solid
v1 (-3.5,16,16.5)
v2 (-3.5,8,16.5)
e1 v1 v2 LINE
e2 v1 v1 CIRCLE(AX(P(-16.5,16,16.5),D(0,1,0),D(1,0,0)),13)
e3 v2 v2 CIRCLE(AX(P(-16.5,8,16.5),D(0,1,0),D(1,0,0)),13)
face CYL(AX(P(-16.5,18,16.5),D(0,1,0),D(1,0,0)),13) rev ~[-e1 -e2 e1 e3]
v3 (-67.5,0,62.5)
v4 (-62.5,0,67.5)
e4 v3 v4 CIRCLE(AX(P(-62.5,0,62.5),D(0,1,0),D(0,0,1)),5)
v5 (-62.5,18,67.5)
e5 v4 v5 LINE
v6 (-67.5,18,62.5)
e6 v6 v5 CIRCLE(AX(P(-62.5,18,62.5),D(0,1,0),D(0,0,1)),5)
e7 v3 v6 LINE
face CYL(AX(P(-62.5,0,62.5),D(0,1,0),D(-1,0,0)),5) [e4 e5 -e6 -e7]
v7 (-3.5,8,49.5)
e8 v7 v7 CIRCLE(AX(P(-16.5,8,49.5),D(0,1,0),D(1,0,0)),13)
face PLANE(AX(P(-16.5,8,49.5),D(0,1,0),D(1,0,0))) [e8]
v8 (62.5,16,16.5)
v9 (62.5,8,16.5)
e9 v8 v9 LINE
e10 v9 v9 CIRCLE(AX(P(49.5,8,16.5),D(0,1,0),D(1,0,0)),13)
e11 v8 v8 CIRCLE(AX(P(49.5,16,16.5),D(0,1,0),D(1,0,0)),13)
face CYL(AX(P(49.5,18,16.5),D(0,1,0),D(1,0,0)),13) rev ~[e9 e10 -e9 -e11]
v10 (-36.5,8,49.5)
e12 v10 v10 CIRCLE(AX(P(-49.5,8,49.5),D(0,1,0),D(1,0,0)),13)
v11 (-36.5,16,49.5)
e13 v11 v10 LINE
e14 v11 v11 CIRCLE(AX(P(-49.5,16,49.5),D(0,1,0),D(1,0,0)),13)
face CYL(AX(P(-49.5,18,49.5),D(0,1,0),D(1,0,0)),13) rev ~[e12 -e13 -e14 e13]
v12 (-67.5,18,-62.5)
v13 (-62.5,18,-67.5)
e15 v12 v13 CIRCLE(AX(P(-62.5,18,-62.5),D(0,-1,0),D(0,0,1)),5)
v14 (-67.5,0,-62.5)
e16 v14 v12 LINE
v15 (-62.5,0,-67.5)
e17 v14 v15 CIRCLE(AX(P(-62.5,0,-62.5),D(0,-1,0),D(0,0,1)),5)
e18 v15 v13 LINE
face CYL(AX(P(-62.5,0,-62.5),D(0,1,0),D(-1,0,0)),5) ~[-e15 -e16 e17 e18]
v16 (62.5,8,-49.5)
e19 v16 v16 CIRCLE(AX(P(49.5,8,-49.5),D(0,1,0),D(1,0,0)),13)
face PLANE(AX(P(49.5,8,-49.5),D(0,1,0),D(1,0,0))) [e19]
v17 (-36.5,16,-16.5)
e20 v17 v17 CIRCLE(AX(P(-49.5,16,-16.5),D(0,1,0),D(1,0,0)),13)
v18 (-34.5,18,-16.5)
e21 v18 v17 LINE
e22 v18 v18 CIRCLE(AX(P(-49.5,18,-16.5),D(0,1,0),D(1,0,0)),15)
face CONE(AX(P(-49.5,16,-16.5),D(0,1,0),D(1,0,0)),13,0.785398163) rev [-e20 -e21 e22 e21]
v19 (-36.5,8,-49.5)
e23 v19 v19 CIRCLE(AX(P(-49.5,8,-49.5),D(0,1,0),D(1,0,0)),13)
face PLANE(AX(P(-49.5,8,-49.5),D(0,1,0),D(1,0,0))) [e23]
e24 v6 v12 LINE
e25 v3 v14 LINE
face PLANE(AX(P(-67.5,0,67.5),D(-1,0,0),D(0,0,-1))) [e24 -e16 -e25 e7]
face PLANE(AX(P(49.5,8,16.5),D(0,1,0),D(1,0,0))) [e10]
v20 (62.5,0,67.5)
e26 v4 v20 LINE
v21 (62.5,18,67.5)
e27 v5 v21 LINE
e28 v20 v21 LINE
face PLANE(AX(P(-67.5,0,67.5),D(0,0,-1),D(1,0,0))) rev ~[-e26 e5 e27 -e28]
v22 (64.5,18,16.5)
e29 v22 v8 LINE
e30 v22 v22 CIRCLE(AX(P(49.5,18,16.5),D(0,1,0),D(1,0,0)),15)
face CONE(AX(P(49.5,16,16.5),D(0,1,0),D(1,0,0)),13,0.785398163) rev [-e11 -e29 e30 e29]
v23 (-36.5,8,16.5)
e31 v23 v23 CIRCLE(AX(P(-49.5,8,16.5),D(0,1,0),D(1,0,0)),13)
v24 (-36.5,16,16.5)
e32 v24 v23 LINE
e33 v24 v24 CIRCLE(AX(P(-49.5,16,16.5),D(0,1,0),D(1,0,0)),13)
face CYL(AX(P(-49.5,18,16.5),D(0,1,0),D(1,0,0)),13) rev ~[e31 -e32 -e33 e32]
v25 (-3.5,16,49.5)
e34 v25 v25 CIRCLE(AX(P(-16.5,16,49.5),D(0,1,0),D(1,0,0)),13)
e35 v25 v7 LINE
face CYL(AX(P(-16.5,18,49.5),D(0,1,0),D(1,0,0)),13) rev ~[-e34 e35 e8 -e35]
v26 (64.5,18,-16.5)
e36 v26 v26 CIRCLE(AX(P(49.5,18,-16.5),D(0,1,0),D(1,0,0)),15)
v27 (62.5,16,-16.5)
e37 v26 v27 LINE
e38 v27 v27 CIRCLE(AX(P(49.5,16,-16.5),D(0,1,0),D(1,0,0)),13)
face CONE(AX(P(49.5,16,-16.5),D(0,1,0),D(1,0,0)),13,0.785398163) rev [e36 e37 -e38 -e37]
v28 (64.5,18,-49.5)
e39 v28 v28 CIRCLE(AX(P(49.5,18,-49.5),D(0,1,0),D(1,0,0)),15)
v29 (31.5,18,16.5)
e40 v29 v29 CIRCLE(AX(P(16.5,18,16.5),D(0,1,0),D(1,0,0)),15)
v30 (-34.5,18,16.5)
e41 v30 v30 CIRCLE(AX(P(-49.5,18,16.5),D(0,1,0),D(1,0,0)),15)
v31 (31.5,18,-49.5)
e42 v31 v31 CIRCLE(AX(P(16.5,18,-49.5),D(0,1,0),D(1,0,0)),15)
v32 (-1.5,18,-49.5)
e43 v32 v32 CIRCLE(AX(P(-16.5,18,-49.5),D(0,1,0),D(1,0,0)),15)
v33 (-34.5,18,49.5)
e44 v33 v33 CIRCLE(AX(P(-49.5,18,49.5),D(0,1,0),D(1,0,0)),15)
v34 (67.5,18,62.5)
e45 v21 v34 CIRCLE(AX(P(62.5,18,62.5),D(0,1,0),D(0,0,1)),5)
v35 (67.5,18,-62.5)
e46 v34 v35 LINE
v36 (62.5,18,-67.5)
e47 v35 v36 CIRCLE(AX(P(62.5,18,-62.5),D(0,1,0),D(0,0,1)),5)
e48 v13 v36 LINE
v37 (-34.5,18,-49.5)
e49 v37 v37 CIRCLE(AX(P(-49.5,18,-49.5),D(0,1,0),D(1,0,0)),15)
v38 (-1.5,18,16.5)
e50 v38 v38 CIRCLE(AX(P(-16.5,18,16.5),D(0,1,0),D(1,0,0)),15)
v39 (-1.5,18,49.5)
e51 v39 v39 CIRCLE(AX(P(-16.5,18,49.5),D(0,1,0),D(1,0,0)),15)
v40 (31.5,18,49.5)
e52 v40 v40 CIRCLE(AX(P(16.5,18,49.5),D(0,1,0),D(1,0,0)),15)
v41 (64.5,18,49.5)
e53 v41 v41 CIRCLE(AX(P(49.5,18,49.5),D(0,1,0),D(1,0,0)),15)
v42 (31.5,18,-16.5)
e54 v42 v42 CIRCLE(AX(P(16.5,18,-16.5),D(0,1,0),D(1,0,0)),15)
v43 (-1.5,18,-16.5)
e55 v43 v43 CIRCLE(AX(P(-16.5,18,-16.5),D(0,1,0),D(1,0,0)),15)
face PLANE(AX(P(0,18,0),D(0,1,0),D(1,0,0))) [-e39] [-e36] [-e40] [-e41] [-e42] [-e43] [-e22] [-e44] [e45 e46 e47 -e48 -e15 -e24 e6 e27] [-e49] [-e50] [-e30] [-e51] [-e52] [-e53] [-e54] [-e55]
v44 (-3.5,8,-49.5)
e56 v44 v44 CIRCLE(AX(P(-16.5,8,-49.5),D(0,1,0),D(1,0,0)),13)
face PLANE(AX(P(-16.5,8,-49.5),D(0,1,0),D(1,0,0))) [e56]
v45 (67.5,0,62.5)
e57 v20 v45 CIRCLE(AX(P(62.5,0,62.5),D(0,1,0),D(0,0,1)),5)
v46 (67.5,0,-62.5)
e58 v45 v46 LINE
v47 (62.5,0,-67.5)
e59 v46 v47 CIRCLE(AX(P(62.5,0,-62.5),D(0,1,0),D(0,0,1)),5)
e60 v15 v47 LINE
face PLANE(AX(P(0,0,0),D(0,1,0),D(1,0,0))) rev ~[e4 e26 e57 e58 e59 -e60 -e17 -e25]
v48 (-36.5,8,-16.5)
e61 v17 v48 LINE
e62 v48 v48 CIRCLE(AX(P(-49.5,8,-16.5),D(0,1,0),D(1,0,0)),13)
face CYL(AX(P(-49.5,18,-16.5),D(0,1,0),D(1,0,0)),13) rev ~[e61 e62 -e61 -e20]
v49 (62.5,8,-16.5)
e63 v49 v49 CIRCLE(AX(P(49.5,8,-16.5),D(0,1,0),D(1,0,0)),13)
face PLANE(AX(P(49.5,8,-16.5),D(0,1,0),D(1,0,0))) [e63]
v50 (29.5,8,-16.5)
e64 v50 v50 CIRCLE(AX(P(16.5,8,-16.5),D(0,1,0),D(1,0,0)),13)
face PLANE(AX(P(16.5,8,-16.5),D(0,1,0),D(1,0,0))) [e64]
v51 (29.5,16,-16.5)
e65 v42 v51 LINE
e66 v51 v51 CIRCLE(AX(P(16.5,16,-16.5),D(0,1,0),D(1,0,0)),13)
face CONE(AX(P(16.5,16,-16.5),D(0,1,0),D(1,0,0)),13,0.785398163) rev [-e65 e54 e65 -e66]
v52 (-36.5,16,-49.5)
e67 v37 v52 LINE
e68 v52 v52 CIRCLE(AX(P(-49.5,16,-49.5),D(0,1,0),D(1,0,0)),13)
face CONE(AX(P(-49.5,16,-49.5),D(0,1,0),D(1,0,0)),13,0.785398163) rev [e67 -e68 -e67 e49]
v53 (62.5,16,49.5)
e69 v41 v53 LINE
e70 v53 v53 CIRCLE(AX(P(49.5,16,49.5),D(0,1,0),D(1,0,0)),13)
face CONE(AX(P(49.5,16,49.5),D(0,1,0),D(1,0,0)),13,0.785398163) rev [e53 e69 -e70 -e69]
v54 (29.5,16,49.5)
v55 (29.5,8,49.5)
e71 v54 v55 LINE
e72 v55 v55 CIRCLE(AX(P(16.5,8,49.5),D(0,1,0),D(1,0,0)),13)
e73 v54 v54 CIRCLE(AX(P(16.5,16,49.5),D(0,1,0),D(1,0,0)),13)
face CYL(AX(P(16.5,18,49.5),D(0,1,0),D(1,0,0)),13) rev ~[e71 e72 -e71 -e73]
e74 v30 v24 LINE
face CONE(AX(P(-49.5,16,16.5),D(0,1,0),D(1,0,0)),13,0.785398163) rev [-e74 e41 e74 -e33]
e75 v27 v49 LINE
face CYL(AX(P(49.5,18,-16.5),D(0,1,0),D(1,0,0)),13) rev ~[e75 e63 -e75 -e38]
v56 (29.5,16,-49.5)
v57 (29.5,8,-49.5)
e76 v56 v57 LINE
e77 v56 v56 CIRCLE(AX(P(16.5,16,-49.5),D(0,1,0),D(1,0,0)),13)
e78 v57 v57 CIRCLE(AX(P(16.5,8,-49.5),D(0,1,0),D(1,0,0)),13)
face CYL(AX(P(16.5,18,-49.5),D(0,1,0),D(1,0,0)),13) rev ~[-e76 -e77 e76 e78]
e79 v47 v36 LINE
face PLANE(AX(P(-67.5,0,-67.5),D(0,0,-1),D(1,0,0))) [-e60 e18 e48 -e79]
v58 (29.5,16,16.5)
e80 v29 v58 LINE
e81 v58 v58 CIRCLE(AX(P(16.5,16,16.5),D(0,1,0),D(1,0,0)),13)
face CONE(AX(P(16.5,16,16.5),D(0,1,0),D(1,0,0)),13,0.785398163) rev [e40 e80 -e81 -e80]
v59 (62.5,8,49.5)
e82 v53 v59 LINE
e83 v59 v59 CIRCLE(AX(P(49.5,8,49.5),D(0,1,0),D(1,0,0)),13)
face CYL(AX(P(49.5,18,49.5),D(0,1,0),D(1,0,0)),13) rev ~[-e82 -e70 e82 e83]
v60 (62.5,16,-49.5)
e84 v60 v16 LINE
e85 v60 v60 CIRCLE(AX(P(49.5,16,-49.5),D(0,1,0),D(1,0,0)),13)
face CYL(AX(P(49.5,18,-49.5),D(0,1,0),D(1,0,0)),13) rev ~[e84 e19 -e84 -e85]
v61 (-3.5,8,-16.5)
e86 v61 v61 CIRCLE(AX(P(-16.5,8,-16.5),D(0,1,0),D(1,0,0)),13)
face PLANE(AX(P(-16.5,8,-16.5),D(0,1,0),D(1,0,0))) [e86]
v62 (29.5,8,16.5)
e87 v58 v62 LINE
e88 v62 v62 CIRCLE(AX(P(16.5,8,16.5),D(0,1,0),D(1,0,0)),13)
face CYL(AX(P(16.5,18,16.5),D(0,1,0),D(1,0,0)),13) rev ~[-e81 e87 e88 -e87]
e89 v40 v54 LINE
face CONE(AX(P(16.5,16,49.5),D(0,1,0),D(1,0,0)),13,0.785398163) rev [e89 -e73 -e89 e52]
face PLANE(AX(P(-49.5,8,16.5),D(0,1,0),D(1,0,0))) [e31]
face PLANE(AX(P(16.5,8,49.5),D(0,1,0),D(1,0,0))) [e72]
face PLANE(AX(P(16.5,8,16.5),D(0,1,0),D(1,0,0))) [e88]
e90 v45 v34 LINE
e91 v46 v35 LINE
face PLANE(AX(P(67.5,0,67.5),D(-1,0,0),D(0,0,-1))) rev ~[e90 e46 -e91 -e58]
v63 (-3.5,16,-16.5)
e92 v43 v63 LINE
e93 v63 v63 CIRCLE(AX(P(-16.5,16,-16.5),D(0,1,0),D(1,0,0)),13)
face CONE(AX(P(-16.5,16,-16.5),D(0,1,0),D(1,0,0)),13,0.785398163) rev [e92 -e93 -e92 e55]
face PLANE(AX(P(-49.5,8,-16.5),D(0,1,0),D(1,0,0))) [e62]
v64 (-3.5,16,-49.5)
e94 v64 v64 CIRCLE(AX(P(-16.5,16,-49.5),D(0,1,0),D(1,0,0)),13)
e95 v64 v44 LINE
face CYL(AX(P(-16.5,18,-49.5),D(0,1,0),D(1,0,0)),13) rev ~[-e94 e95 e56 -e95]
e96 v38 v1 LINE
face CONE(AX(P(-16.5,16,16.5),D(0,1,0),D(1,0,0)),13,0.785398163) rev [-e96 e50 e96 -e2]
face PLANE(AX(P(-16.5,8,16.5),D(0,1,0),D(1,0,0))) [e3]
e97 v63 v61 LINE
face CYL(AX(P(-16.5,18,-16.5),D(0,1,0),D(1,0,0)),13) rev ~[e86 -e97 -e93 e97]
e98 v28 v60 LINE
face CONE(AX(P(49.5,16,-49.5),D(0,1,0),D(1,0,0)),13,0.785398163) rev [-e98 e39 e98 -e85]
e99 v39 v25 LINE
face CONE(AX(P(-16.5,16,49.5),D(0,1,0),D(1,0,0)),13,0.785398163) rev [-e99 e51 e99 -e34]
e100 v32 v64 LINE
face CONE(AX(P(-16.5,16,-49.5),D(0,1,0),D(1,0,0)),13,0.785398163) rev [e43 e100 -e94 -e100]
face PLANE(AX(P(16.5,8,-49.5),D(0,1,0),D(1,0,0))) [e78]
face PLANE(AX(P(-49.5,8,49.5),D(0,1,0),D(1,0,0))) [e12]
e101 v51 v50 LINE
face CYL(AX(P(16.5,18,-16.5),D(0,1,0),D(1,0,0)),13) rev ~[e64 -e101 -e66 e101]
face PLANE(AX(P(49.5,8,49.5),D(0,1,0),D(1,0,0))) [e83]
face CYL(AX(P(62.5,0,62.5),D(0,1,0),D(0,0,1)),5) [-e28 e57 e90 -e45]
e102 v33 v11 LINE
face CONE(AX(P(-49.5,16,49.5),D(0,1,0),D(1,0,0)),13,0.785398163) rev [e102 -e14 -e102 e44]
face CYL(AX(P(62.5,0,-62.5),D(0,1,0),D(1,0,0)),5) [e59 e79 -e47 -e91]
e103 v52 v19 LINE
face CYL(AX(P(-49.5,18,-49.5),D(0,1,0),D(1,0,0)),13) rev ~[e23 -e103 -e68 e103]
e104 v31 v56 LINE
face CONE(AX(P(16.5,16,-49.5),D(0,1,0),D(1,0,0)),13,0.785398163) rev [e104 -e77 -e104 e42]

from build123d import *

# Parameters (mm, degrees)
SKETCH1_W           = 135
SKETCH1_H           = 135
BOSS_EXTRUDE1_DEPTH = 18
FILLET1_R           = 5
SKETCH2_R           = 13
CUT_EXTRUDE1_DEPTH  = 10
CHAMFER1_SIZE       = 2


with BuildPart() as part:
    # Sketch1 → Boss-Extrude1 (new body)
    with BuildSketch(Plane(origin=(0, 0, 0), x_dir=(1, 0, 0), z_dir=(0, 1, 0))):
        Rectangle(SKETCH1_W, SKETCH1_H)
    extrude(amount=BOSS_EXTRUDE1_DEPTH)

    # Fillet1
    fillet1_edges = [part.edges().sort_by_distance(p)[0] for p in [
        (67.5, 9, 67.5),
        (-67.5, 9, 67.5),
        (-67.5, 9, -67.5),
        (67.5, 9, -67.5),
    ]]
    fillet(fillet1_edges, radius=FILLET1_R)

    # Sketch2 → Cut-Extrude1 (cut)
    with BuildSketch(Plane(origin=(0, 18, 0), x_dir=(1, 0, 0), z_dir=(0, 1, 0))):
        with Locations((-49.5, 49.5)):
            Circle(SKETCH2_R)
        with Locations((49.5, 49.5)):
            Circle(SKETCH2_R)
        with Locations((49.5, -49.5)):
            Circle(SKETCH2_R)
        with Locations((-49.5, -49.5)):
            Circle(SKETCH2_R)
        with Locations((-16.5, 49.5)):
            Circle(SKETCH2_R)
        with Locations((16.5, 49.5)):
            Circle(SKETCH2_R)
        with Locations((-16.5, 16.5)):
            Circle(SKETCH2_R)
        with Locations((-49.5, 16.5)):
            Circle(SKETCH2_R)
        with Locations((-16.5, -49.5)):
            Circle(SKETCH2_R)
        with Locations((-49.5, -16.5)):
            Circle(SKETCH2_R)
        with Locations((-16.5, -16.5)):
            Circle(SKETCH2_R)
        with Locations((49.5, 16.5)):
            Circle(SKETCH2_R)
        with Locations((16.5, 16.5)):
            Circle(SKETCH2_R)
        with Locations((49.5, -16.5)):
            Circle(SKETCH2_R)
        with Locations((16.5, -16.5)):
            Circle(SKETCH2_R)
        with Locations((16.5, -49.5)):
            Circle(SKETCH2_R)
    extrude(amount=-CUT_EXTRUDE1_DEPTH, mode=Mode.SUBTRACT)

    # Chamfer1
    chamfer1_edges = [part.edges().sort_by_distance(p)[0] for p in [
        (3.5, 18, -49.5),
        (-29.5, 18, -16.5),
        (-62.5, 18, -16.5),
        (-29.5, 18, 49.5),
        (-29.5, 18, -49.5),
        (-62.5, 18, 49.5),
        (36.5, 18, 49.5),
        (36.5, 18, -49.5),
        (3.5, 18, 49.5),
        (3.5, 18, 16.5),
        (36.5, 18, 16.5),
        (3.5, 18, -16.5),
        (36.5, 18, -16.5),
        (-29.5, 18, 16.5),
        (-62.5, 18, 16.5),
        (-62.5, 18, -49.5),
    ]]
    chamfer(chamfer1_edges, length=CHAMFER1_SIZE)


solid = part.part
